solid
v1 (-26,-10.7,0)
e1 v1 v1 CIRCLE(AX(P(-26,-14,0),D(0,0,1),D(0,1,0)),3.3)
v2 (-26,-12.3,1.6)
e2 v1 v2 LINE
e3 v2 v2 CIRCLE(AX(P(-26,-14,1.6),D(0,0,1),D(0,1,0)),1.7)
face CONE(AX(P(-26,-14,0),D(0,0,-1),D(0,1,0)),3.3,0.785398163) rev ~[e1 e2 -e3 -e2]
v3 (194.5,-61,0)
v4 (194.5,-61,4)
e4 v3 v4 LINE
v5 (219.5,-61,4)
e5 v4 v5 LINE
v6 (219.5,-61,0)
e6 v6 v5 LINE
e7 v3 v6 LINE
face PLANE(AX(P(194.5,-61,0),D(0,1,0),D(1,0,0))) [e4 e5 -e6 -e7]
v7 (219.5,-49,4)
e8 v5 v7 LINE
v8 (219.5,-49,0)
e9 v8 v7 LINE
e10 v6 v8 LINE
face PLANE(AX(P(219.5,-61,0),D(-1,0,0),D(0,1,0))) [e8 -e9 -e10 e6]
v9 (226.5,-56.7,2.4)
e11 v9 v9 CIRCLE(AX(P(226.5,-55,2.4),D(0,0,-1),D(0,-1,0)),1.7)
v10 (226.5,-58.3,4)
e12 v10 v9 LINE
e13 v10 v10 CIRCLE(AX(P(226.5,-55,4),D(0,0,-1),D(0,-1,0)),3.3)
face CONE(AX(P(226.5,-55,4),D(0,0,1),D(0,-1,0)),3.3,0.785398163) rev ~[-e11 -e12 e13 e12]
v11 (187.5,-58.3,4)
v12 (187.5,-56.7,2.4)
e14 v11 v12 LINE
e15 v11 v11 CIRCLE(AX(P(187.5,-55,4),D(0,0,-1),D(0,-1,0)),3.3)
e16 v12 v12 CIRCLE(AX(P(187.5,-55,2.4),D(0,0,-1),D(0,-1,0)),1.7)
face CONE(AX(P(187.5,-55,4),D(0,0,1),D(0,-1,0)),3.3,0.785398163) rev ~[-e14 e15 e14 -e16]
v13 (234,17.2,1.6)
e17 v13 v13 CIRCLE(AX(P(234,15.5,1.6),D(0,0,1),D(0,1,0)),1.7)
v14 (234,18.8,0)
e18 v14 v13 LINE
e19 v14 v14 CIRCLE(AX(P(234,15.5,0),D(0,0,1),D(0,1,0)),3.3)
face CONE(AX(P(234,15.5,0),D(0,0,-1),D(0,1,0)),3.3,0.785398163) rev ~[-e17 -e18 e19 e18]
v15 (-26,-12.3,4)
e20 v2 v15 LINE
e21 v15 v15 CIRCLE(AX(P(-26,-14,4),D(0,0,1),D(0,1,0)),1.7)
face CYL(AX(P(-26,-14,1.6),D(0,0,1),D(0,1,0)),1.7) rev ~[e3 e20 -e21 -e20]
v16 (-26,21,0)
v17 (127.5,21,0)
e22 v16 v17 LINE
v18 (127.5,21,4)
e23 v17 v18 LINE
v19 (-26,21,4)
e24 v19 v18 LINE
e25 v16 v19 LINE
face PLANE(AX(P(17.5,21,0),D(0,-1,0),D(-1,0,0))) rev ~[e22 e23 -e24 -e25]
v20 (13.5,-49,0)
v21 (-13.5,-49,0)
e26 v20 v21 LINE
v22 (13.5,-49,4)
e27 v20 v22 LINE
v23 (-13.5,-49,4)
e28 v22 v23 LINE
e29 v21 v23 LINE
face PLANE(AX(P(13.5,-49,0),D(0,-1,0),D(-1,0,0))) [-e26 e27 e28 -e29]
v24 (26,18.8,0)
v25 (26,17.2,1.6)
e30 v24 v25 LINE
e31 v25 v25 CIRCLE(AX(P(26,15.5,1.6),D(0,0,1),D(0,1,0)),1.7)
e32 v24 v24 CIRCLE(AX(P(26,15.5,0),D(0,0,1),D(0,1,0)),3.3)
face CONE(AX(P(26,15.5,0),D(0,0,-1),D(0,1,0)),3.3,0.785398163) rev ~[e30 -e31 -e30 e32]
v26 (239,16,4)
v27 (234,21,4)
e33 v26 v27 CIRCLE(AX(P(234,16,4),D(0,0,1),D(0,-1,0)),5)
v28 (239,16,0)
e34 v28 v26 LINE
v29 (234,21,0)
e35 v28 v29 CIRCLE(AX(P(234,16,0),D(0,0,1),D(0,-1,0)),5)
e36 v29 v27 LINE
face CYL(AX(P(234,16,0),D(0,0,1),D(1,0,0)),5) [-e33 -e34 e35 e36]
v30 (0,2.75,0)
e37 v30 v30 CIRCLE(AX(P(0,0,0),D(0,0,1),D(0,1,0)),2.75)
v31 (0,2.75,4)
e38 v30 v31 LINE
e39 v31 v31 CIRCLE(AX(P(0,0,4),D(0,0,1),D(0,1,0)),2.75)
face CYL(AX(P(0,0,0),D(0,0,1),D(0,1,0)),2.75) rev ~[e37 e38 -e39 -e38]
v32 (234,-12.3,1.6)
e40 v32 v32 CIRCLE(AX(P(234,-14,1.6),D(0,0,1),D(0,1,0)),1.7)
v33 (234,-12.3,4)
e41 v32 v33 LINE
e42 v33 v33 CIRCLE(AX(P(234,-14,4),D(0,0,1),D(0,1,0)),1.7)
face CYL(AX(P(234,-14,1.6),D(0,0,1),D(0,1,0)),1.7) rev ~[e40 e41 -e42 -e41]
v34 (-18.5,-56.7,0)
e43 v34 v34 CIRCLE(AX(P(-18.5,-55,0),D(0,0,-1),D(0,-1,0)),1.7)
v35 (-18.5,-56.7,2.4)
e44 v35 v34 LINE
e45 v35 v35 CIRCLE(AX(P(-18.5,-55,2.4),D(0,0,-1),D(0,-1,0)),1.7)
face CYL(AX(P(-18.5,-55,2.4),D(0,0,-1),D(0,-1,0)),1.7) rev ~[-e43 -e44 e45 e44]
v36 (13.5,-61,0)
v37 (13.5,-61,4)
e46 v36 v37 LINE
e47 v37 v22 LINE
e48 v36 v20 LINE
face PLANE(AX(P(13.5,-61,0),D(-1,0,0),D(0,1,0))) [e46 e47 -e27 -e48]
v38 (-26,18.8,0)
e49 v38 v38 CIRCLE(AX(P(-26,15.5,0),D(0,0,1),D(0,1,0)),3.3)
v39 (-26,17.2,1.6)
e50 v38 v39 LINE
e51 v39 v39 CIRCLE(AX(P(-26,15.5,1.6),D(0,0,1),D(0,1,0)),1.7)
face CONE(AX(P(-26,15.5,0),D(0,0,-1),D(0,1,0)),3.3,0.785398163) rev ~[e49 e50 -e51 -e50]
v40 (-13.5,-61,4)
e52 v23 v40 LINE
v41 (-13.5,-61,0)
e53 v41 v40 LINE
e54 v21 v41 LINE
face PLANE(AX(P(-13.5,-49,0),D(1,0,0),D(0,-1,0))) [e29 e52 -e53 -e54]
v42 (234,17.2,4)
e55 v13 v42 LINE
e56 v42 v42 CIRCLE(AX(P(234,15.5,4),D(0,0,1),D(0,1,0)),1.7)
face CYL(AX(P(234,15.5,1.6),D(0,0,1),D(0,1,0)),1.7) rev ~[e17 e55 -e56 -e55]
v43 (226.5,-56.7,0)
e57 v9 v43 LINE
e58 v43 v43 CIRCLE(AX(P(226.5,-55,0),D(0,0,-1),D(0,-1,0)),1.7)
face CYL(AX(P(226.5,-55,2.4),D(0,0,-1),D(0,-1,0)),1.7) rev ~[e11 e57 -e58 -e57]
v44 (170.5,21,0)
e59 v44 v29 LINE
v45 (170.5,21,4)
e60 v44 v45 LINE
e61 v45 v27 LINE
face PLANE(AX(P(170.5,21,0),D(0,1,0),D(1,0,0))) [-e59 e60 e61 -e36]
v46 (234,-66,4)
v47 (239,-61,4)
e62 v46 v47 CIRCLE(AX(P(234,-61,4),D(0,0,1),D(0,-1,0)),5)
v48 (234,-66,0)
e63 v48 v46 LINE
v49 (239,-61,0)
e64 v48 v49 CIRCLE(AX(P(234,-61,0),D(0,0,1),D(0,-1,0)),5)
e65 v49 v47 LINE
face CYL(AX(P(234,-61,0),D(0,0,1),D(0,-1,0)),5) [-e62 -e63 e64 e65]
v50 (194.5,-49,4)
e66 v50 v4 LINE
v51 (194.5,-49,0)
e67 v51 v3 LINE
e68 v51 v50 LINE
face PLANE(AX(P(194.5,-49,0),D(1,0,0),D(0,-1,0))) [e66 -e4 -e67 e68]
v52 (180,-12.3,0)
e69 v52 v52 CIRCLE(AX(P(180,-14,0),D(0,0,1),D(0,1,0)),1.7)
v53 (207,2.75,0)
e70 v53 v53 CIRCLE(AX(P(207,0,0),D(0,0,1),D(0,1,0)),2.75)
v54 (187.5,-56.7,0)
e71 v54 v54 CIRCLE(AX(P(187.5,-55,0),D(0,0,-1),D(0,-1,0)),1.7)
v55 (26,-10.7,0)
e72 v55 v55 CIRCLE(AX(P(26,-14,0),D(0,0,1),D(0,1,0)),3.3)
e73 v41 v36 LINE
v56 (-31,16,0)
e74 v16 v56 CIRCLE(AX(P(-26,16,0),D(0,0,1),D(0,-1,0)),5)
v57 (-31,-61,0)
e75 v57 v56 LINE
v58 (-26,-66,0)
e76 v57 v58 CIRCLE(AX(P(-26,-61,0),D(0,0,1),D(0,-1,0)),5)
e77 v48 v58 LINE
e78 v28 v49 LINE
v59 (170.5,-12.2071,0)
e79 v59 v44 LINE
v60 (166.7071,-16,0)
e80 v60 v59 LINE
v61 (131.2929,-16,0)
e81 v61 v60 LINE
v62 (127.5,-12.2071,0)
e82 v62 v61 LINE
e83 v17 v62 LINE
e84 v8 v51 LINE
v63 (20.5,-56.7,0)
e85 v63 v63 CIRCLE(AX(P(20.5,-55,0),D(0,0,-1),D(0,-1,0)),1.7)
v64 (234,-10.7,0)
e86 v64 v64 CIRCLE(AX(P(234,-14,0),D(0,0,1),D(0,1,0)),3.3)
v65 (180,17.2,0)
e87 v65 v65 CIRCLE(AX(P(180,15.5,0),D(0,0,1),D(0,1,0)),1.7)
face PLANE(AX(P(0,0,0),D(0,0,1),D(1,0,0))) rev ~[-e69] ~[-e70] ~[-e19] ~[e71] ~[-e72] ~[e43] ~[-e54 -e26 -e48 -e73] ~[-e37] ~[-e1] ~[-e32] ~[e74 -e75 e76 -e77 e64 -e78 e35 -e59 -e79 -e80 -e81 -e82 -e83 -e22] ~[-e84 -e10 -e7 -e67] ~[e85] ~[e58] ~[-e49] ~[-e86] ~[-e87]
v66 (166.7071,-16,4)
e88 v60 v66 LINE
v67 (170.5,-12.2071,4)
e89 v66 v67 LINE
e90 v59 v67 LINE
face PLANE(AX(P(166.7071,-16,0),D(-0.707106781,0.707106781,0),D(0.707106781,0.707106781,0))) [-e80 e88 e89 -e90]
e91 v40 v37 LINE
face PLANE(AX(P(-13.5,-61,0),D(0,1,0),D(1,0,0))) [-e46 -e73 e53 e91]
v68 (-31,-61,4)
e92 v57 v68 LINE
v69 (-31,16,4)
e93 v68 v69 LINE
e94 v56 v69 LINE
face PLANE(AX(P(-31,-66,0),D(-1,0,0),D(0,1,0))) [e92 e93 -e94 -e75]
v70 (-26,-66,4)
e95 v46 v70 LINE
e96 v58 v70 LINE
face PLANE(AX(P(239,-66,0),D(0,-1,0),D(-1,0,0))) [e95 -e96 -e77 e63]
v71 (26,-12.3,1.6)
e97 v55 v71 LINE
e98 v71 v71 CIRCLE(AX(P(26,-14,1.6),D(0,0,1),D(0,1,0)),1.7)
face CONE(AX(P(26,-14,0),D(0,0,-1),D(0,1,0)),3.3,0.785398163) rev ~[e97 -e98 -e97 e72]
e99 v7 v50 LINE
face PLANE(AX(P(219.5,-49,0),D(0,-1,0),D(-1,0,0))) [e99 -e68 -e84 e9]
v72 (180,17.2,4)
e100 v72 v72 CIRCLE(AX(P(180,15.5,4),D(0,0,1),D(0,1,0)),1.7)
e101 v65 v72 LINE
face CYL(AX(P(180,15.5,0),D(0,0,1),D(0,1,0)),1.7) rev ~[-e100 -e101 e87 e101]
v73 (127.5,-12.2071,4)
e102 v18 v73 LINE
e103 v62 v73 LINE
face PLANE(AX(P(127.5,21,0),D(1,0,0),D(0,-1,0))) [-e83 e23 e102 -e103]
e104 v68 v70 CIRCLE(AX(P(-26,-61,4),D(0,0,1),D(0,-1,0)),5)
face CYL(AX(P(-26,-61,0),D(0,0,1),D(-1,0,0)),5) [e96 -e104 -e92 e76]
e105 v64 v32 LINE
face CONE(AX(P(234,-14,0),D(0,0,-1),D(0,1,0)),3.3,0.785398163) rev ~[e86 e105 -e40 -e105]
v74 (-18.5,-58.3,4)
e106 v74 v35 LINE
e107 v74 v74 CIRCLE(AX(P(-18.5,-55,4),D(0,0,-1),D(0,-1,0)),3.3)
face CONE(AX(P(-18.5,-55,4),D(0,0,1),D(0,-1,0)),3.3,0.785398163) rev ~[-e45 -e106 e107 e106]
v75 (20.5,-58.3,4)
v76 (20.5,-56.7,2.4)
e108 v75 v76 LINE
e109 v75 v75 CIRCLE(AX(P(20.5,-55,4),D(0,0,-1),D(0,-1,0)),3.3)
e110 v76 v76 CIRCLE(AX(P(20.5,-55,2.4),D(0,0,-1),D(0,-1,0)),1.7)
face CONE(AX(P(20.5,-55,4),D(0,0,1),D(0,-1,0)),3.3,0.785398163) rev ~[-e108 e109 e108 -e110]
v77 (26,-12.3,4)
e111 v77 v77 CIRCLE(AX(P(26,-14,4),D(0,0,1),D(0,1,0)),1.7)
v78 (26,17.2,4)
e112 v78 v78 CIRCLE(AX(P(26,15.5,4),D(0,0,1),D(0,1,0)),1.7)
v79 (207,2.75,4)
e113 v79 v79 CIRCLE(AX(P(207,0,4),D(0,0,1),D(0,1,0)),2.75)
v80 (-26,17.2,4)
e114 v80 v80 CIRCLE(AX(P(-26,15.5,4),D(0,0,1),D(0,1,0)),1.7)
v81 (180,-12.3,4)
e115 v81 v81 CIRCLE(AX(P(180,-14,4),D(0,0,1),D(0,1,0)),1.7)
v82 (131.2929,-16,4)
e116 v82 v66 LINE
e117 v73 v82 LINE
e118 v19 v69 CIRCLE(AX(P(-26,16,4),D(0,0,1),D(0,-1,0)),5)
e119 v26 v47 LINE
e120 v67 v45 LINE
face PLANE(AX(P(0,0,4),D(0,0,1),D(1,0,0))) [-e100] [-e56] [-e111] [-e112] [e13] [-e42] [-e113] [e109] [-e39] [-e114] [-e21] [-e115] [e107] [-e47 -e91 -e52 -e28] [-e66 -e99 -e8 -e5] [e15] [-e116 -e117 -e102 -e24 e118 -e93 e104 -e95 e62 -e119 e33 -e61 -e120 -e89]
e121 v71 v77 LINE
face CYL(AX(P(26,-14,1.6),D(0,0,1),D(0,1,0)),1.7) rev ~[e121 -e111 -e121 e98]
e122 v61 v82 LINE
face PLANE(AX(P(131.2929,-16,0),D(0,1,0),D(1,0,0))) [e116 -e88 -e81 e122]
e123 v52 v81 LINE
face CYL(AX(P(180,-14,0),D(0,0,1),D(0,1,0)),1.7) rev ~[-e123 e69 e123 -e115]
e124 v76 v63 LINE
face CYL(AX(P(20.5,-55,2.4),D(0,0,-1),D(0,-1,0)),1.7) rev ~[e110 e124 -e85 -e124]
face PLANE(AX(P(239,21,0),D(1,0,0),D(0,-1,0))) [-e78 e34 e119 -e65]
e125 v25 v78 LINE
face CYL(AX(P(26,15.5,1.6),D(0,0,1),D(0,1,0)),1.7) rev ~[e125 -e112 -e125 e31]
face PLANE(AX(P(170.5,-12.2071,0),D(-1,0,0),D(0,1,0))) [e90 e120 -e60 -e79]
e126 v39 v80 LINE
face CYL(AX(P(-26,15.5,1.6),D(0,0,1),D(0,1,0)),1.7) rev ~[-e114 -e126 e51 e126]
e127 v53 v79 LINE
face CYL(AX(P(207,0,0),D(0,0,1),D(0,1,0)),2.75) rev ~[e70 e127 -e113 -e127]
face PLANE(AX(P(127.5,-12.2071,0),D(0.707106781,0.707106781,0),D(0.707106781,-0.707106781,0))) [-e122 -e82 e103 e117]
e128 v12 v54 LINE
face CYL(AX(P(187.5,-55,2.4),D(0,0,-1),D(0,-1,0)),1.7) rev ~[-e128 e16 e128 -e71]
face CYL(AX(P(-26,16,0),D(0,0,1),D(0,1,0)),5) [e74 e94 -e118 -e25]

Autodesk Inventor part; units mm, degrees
ref_plane "YZ Plane" through (0, 0, 0) normal (1, 0, 0) x (0, 1, 0)
ref_plane "XZ Plane" through (0, 0, 0) normal (0, 1, 0) x (-1, 0, 0)
ref_plane "XY Plane" through (0, 0, 0) normal (0, 0, 1) x (1, 0, 0)
ref_plane "Work Plane1" through (0, 0, 0) normal (0, 0, 1) x (1, 0, 0)
sketch "Sketch1" plane through (0, 0, 0) normal (0, 0, 1) x (1, 0, 0)
  circle A0 centre (15.5, -15.5) radius 1.7 projected
  circle A1 centre (15.5, 15.5) radius 1.7 projected
  circle A2 centre (-15.5, 15.5) radius 1.7 projected
  circle A3 centre (-15.5, -15.5) radius 1.7 projected
  circle A4 centre (0, 0) radius 11 projected
  line L0 (17.5, 21) -> (21, 17.5) projected
  line L1 (17.5, 21) -> (-17.5, 21) projected
  line L2 (-21, 17.5) -> (-17.5, 21) projected
  line L3 (-21, 17.5) -> (-21, -17.5) projected
  line L4 (-17.5, -21) -> (-21, -17.5) projected
  line L5 (-17.5, -21) -> (17.5, -21) projected
  line L6 (21, -17.5) -> (17.5, -21) projected
  line L7 (21, -17.5) -> (21, 17.5) projected
  line L8 (-31, 21) -> (239, 21)
  line L9 (239, 21) -> (239, -66)
  line L10 (239, -66) -> (-31, -66)
  line L11 (-31, -66) -> (-31, 21)
  circle A5 centre (207, 0) radius 22 construction
  line L12 (0, 0) -> (239, 0) construction
  circle A6 centre (0, 0) radius 11.5
  line L13 (104, 21) -> (104, -66) construction
  line L14 (-15.5, 15.5) -> (-31, 15.5) construction
  line L15 (207, 0) -> (207, -66) construction
  line L16 (0, 0) -> (0, -66) construction
  line L17 (219.5, -49) -> (194.5, -49)
  line L18 (194.5, -49) -> (194.5, -61)
  line L19 (194.5, -61) -> (219.5, -61)
  line L20 (219.5, -61) -> (219.5, -49)
  line L21 (219.5, -49) -> (194.5, -61) construction
  line L22 (194.5, -49) -> (219.5, -61) construction
  line L23 (219.5, -55) -> (194.5, -55) construction
  line L24 (-13.5, -61) -> (13.5, -61)
  line L25 (13.5, -61) -> (13.5, -49)
  line L26 (13.5, -49) -> (-13.5, -49)
  line L27 (-13.5, -49) -> (-13.5, -61)
  line L28 (-13.5, -61) -> (13.5, -49) construction
  line L29 (13.5, -61) -> (-13.5, -49) construction
  line L30 (170, 23) -> (166.5, 26.5) projected
  line L31 (170, 23) -> (170, -12) projected
  line L32 (166.5, -15.5) -> (170, -12) projected
  line L33 (166.5, -15.5) -> (131.5, -15.5) projected
  line L34 (128, -12) -> (131.5, -15.5) projected
  line L35 (128, -12) -> (128, 23) projected
  line L36 (131.5, 26.5) -> (128, 23) projected
  line L37 (131.5, 26.5) -> (166.5, 26.5) projected
  line L38 (127.5, 23.2071) -> (127.5, -12.2071)
  line L39 (127.5, -12.2071) -> (131.2929, -16)
  line L40 (131.2929, -16) -> (166.7071, -16)
  line L41 (166.7071, -16) -> (170.5, -12.2071)
  line L42 (170.5, -12.2071) -> (170.5, 23.2071)
  line L43 (170.5, 23.2071) -> (166.7071, 27)
  line L44 (166.7071, 27) -> (131.2929, 27)
  line L45 (131.2929, 27) -> (127.5, 23.2071)
  line L46 (-32.0916, -17) -> (139.8961, -17) construction
  point P0 (-26, 15.5)
  point P1 (-26, -14)
  point P2 (234, 15.5)
  point P3 (234, -14)
  point P4 (207, -55)
  point P5 (226.5, -55)
  point P6 (187.5, -55)
  point P7 (0, -55)
  point P8 (20.5, -55)
  point P9 (-18.5, -55)
  point P10 (26, 15.5)
  point P11 (26, -14)
  point P12 (180, 15.5)
  point P13 (180, -14)
  point P14 (170.5, 21)
  point P15 (127.5, 21)
  dimension "d0" = 45
  dimension "d1" = 270
  dimension "d2" = 44
  dimension "d3" = 0.5
  dimension "d21" = 10
  dimension "d22" = 32
  dimension "d23" = 5
  dimension "d31" = 25
  dimension "d32" = 12
  dimension "d33" = 5
  dimension "d34" = 7
  dimension "d42" = 0.5
  dimension "d50" = 5
  dimension "d51" = 17
  dimension "d52" = 3
extrude "Extrusion1" add sketch "Sketch1" along normal blind 4 contours A0 | A1 | A2 | A3 | A4 | L8 L38 L39 L40 L41 L42 L9 L10 L11 L2 L3 L4 L5 L6 L7 L0 | L0 L7 L6 L5 L4 L3 L2 L1 | A6
hole "Hole1" at (207, 0, 0) direction (0, 0, 1) diameter 5.5 end through all clearance for "Countersunk Head GOST 12876-67" size "M5" standard "GOST"
sketch "Sketch2" plane through (0, 0, 4) normal (0, 0, 1) x (1, 0, 0)
  circle A0 centre (15.5, -15.5) radius 1.7 projected
  circle A1 centre (15.5, 15.5) radius 1.7 projected
  circle A2 centre (-15.5, 15.5) radius 1.7 projected
  circle A3 centre (-15.5, -15.5) radius 1.7 projected
  circle A4 centre (0, 0) radius 11 projected
  line L0 (17.5, 21) -> (21, 17.5) projected
  line L1 (17.5, 21) -> (-17.5, 21) projected
  line L2 (-21, 17.5) -> (-17.5, 21) projected
  line L3 (-21, 17.5) -> (-21, -17.5) projected
  line L4 (-17.5, -21) -> (-21, -17.5) projected
  line L5 (-17.5, -21) -> (17.5, -21) projected
  line L6 (21, -17.5) -> (17.5, -21) projected
  line L7 (21, -17.5) -> (21, 17.5) projected
  point P0 (-18.5, -55)
  point P1 (20.5, -55)
  point P2 (187.5, -55)
  point P3 (226.5, -55)
fillet "Fillet1" radius 5 4 edges at (-31, 21, 2) (-31, -66, 2) (239, 21, 2) (239, -66, 2)
hole "Hole3" at (-26, -14, 0) at (-26, 15.5, 0) at (234, 15.5, 0) at (234, -14, 0) at (26, 15.5, 0) at (26, -14, 0) direction (0, 0, 1) diameter 3.4 end through all countersink diameter 6.6 countersink angle 90 clearance for "Countersunk Head GOST 12876-67" size "M3" standard "GOST"
hole "Hole4" at (-18.5, -55, 4) at (20.5, -55, 4) at (187.5, -55, 4) at (226.5, -55, 4) direction (0, 0, -1) diameter 3.4 end through all countersink diameter 6.6 countersink angle 90 clearance for "Countersunk Head GOST 12876-67" size "M3" standard "GOST"
hole "Hole5" at (180, 15.5, 0) at (180, -14, 0) direction (0, 0, 1) diameter 3.4 end through all clearance for "Countersunk Head GOST 12876-67" size "M3" standard "GOST"
hole "Hole6" at (0, 0, 0) direction (0, 0, 1) diameter 5.5 depth 8
properties part number "plate_1"
